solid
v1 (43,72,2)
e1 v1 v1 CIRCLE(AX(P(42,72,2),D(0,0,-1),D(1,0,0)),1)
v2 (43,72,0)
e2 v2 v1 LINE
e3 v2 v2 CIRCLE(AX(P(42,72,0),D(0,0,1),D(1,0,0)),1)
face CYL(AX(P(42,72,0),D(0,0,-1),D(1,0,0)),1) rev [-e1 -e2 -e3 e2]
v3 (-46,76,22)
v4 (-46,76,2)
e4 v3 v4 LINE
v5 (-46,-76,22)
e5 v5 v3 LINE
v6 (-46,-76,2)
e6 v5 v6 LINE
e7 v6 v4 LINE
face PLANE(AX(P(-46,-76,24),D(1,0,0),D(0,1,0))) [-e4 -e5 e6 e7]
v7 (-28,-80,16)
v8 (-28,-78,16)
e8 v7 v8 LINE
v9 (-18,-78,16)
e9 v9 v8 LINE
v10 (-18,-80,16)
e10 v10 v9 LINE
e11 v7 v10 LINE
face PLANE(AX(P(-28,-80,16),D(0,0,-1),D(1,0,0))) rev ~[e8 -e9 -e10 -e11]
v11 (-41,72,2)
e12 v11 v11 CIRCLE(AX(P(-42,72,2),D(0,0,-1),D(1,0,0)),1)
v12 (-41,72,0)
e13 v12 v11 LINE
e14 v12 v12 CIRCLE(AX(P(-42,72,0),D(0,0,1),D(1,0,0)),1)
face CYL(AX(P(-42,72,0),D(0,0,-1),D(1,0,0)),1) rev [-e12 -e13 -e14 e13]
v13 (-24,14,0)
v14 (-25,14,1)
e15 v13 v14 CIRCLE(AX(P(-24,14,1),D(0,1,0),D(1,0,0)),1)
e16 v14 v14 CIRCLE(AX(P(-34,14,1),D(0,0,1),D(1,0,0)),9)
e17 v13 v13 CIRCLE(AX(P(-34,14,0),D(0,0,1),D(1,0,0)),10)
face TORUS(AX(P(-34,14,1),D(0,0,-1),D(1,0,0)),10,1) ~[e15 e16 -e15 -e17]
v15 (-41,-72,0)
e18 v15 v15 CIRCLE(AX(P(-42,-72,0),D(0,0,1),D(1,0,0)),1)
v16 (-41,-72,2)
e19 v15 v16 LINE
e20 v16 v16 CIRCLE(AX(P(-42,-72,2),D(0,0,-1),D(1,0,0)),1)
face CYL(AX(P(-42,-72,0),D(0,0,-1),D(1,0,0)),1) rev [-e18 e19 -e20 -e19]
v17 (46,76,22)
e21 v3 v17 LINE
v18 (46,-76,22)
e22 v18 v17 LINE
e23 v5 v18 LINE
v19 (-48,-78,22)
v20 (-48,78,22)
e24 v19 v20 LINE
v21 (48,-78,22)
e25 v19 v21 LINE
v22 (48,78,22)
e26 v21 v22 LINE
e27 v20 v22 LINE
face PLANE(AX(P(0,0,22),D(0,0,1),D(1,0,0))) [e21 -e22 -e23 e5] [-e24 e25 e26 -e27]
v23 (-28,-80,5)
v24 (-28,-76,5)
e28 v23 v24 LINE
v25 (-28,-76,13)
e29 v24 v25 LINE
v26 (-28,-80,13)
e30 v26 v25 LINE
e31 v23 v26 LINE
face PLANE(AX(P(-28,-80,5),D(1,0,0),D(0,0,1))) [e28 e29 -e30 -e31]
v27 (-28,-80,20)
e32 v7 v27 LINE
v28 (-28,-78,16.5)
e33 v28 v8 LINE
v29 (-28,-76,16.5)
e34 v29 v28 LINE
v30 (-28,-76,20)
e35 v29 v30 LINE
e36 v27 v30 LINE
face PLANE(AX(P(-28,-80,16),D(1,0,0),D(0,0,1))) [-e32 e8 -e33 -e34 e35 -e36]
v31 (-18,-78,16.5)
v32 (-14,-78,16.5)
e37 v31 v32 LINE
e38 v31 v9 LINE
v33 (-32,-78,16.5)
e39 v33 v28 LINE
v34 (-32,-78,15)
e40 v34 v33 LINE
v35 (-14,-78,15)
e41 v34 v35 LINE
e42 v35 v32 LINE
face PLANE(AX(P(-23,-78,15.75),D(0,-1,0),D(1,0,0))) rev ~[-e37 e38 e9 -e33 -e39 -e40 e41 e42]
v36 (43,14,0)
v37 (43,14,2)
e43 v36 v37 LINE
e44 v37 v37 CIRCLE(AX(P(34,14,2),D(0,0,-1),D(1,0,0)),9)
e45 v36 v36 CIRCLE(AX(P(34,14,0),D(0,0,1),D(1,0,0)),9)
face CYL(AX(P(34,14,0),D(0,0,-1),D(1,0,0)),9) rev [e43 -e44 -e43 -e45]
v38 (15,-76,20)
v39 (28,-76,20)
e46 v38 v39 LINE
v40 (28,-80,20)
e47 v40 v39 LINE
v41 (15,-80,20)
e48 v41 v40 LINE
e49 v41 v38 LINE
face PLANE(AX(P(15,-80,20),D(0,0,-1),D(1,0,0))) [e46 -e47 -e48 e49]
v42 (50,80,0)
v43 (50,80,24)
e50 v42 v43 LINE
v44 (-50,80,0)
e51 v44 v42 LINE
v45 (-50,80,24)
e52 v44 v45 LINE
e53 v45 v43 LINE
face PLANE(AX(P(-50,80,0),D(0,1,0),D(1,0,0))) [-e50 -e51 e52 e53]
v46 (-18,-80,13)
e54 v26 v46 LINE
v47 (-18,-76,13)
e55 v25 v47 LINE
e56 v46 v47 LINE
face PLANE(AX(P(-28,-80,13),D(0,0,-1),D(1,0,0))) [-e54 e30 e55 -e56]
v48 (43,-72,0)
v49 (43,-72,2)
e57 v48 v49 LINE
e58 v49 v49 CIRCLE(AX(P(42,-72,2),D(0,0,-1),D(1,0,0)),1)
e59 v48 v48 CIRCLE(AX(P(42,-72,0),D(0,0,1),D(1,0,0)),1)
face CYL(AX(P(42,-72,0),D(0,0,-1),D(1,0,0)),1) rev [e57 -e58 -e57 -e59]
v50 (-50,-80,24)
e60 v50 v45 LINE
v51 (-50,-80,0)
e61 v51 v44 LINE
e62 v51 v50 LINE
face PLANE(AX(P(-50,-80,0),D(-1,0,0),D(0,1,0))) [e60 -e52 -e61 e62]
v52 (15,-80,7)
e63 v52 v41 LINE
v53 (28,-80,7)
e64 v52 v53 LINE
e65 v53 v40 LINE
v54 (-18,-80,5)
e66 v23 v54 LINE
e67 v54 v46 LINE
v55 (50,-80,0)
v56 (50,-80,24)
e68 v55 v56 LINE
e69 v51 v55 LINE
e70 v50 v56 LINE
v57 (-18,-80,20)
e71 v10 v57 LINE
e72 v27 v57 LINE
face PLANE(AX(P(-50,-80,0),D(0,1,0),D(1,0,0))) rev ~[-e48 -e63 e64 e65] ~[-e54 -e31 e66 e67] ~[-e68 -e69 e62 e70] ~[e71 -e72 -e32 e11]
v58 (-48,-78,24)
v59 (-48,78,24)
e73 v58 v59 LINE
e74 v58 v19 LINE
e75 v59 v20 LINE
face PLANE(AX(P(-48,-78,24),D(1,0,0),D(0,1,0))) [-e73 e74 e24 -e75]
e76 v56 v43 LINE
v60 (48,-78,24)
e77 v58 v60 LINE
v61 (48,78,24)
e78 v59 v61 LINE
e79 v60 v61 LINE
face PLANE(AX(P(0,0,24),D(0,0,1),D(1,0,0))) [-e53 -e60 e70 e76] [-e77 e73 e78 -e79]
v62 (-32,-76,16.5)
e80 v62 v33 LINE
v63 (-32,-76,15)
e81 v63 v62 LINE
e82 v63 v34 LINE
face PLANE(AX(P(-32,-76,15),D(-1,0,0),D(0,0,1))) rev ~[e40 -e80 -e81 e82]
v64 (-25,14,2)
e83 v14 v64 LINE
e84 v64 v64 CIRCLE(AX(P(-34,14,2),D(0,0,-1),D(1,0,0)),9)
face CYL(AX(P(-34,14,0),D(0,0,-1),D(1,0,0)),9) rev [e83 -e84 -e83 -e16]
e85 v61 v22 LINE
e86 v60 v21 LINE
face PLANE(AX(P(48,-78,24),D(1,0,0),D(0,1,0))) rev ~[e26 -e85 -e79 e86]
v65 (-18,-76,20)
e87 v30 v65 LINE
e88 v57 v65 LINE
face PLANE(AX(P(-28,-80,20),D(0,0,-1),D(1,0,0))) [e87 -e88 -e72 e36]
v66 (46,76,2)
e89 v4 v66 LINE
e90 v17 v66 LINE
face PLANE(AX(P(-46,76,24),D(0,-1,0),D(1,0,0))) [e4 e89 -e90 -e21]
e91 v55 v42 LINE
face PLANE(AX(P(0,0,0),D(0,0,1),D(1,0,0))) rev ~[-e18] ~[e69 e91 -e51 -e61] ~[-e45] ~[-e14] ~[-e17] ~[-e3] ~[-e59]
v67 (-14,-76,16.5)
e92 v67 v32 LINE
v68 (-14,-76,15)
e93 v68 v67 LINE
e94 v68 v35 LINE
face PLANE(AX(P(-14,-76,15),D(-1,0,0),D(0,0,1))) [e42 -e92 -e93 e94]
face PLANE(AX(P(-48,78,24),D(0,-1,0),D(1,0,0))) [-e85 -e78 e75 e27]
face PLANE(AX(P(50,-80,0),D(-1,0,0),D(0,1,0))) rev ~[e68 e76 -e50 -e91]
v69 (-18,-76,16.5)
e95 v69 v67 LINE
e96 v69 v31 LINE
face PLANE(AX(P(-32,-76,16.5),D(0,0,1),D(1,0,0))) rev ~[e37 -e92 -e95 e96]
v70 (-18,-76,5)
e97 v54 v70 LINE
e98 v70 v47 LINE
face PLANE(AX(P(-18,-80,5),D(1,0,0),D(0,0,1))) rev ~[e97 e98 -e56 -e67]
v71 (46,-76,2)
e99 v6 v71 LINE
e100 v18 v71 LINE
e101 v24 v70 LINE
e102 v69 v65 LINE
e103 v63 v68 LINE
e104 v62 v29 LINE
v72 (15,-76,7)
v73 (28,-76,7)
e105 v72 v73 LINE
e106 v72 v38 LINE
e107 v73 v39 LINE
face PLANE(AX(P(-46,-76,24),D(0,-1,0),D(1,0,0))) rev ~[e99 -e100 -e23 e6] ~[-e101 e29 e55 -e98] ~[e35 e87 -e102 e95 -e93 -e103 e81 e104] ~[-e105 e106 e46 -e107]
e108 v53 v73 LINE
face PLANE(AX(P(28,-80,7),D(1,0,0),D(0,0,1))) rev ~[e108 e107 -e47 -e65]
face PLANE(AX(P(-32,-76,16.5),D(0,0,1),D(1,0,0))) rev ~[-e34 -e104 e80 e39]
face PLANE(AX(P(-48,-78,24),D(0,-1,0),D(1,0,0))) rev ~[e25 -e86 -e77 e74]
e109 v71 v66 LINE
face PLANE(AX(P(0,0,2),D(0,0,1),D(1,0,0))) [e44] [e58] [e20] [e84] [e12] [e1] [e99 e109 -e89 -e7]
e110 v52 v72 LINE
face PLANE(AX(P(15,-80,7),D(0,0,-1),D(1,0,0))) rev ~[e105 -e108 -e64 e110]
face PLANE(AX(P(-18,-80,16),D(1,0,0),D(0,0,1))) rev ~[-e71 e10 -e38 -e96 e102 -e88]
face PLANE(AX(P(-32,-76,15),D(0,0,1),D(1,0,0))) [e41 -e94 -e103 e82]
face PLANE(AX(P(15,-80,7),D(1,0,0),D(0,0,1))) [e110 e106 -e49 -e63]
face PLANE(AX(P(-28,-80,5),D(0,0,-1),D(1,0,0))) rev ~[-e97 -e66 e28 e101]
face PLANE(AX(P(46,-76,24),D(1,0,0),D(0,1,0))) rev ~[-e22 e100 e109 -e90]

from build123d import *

# Parameters (mm, degrees)
SKETCH_W        = 100
SKETCH_H        = 160
PAD_DEPTH       = 24
SKETCH001_W     = 96
SKETCH001_H     = 156
POCKET_DEPTH    = 2
SKETCH002_W     = 92
SKETCH002_H     = 152
POCKET001_DEPTH = 22
SKETCH003_R     = 1
POCKET002_DEPTH = 24.001
SKETCH004_W     = 13
SKETCH004_H     = 13
SKETCH004_W_2   = 10
SKETCH004_H_2   = 4
SKETCH004_H_3   = 8
POCKET003_DEPTH = 10
SKETCH005_W     = 18
SKETCH005_H     = 1.5
POCKET004_DEPTH = 2
SKETCH007_R     = 9
POCKET005_DEPTH = 5
FILLET_R        = 1


with BuildPart() as part:
    # Sketch → Pad (new body)
    with BuildSketch(Plane.XY):
        Rectangle(SKETCH_W, SKETCH_H)
    extrude(amount=PAD_DEPTH)

    # Sketch001 → Pocket (cut)
    with BuildSketch(Plane.XY.offset(24)):
        Rectangle(SKETCH001_W, SKETCH001_H)
    extrude(amount=-POCKET_DEPTH, mode=Mode.SUBTRACT)

    # Sketch002 → Pocket001 (cut)
    with BuildSketch(Plane.XY.offset(24)):
        Rectangle(SKETCH002_W, SKETCH002_H)
    extrude(amount=-POCKET001_DEPTH, mode=Mode.SUBTRACT)

    # Sketch003 → Pocket002 (cut, through all)
    with BuildSketch(Plane.XY):
        with Locations((42, 72)):
            Circle(SKETCH003_R)
        with Locations((-42, 72)):
            Circle(SKETCH003_R)
        with Locations((42, -72)):
            Circle(SKETCH003_R)
        with Locations((-42, -72)):
            Circle(SKETCH003_R)
    extrude(amount=POCKET002_DEPTH, mode=Mode.SUBTRACT)

    # Sketch004 → Pocket003 (cut)
    with BuildSketch(Plane.XZ.offset(80)):
        with Locations((21.5, 13.5)):
            Rectangle(SKETCH004_W, SKETCH004_H)
        with Locations((-23, 18)):
            Rectangle(SKETCH004_W_2, SKETCH004_H_2)
        with Locations((-23, 9)):
            Rectangle(SKETCH004_W_2, SKETCH004_H_3)
    extrude(amount=-POCKET003_DEPTH, mode=Mode.SUBTRACT)

    # Sketch005 → Pocket004 (cut)
    with BuildSketch(Plane.XZ.offset(76)):
        with Locations((-23, 15.75)):
            Rectangle(SKETCH005_W, SKETCH005_H)
    extrude(amount=POCKET004_DEPTH, mode=Mode.SUBTRACT)

    # Sketch007 → Pocket005 (cut)
    with BuildSketch(Plane.XY):
        with Locations((34, 14)):
            Circle(SKETCH007_R)
        with Locations((-34, 14)):
            Circle(SKETCH007_R)
    extrude(amount=POCKET005_DEPTH, mode=Mode.SUBTRACT)

    # Fillet
    fillet_edges = [part.edges().sort_by_distance(p)[0] for p in [
        (-43, 14, 0),
    ]]
    fillet(fillet_edges, radius=FILLET_R)


solid = part.part
